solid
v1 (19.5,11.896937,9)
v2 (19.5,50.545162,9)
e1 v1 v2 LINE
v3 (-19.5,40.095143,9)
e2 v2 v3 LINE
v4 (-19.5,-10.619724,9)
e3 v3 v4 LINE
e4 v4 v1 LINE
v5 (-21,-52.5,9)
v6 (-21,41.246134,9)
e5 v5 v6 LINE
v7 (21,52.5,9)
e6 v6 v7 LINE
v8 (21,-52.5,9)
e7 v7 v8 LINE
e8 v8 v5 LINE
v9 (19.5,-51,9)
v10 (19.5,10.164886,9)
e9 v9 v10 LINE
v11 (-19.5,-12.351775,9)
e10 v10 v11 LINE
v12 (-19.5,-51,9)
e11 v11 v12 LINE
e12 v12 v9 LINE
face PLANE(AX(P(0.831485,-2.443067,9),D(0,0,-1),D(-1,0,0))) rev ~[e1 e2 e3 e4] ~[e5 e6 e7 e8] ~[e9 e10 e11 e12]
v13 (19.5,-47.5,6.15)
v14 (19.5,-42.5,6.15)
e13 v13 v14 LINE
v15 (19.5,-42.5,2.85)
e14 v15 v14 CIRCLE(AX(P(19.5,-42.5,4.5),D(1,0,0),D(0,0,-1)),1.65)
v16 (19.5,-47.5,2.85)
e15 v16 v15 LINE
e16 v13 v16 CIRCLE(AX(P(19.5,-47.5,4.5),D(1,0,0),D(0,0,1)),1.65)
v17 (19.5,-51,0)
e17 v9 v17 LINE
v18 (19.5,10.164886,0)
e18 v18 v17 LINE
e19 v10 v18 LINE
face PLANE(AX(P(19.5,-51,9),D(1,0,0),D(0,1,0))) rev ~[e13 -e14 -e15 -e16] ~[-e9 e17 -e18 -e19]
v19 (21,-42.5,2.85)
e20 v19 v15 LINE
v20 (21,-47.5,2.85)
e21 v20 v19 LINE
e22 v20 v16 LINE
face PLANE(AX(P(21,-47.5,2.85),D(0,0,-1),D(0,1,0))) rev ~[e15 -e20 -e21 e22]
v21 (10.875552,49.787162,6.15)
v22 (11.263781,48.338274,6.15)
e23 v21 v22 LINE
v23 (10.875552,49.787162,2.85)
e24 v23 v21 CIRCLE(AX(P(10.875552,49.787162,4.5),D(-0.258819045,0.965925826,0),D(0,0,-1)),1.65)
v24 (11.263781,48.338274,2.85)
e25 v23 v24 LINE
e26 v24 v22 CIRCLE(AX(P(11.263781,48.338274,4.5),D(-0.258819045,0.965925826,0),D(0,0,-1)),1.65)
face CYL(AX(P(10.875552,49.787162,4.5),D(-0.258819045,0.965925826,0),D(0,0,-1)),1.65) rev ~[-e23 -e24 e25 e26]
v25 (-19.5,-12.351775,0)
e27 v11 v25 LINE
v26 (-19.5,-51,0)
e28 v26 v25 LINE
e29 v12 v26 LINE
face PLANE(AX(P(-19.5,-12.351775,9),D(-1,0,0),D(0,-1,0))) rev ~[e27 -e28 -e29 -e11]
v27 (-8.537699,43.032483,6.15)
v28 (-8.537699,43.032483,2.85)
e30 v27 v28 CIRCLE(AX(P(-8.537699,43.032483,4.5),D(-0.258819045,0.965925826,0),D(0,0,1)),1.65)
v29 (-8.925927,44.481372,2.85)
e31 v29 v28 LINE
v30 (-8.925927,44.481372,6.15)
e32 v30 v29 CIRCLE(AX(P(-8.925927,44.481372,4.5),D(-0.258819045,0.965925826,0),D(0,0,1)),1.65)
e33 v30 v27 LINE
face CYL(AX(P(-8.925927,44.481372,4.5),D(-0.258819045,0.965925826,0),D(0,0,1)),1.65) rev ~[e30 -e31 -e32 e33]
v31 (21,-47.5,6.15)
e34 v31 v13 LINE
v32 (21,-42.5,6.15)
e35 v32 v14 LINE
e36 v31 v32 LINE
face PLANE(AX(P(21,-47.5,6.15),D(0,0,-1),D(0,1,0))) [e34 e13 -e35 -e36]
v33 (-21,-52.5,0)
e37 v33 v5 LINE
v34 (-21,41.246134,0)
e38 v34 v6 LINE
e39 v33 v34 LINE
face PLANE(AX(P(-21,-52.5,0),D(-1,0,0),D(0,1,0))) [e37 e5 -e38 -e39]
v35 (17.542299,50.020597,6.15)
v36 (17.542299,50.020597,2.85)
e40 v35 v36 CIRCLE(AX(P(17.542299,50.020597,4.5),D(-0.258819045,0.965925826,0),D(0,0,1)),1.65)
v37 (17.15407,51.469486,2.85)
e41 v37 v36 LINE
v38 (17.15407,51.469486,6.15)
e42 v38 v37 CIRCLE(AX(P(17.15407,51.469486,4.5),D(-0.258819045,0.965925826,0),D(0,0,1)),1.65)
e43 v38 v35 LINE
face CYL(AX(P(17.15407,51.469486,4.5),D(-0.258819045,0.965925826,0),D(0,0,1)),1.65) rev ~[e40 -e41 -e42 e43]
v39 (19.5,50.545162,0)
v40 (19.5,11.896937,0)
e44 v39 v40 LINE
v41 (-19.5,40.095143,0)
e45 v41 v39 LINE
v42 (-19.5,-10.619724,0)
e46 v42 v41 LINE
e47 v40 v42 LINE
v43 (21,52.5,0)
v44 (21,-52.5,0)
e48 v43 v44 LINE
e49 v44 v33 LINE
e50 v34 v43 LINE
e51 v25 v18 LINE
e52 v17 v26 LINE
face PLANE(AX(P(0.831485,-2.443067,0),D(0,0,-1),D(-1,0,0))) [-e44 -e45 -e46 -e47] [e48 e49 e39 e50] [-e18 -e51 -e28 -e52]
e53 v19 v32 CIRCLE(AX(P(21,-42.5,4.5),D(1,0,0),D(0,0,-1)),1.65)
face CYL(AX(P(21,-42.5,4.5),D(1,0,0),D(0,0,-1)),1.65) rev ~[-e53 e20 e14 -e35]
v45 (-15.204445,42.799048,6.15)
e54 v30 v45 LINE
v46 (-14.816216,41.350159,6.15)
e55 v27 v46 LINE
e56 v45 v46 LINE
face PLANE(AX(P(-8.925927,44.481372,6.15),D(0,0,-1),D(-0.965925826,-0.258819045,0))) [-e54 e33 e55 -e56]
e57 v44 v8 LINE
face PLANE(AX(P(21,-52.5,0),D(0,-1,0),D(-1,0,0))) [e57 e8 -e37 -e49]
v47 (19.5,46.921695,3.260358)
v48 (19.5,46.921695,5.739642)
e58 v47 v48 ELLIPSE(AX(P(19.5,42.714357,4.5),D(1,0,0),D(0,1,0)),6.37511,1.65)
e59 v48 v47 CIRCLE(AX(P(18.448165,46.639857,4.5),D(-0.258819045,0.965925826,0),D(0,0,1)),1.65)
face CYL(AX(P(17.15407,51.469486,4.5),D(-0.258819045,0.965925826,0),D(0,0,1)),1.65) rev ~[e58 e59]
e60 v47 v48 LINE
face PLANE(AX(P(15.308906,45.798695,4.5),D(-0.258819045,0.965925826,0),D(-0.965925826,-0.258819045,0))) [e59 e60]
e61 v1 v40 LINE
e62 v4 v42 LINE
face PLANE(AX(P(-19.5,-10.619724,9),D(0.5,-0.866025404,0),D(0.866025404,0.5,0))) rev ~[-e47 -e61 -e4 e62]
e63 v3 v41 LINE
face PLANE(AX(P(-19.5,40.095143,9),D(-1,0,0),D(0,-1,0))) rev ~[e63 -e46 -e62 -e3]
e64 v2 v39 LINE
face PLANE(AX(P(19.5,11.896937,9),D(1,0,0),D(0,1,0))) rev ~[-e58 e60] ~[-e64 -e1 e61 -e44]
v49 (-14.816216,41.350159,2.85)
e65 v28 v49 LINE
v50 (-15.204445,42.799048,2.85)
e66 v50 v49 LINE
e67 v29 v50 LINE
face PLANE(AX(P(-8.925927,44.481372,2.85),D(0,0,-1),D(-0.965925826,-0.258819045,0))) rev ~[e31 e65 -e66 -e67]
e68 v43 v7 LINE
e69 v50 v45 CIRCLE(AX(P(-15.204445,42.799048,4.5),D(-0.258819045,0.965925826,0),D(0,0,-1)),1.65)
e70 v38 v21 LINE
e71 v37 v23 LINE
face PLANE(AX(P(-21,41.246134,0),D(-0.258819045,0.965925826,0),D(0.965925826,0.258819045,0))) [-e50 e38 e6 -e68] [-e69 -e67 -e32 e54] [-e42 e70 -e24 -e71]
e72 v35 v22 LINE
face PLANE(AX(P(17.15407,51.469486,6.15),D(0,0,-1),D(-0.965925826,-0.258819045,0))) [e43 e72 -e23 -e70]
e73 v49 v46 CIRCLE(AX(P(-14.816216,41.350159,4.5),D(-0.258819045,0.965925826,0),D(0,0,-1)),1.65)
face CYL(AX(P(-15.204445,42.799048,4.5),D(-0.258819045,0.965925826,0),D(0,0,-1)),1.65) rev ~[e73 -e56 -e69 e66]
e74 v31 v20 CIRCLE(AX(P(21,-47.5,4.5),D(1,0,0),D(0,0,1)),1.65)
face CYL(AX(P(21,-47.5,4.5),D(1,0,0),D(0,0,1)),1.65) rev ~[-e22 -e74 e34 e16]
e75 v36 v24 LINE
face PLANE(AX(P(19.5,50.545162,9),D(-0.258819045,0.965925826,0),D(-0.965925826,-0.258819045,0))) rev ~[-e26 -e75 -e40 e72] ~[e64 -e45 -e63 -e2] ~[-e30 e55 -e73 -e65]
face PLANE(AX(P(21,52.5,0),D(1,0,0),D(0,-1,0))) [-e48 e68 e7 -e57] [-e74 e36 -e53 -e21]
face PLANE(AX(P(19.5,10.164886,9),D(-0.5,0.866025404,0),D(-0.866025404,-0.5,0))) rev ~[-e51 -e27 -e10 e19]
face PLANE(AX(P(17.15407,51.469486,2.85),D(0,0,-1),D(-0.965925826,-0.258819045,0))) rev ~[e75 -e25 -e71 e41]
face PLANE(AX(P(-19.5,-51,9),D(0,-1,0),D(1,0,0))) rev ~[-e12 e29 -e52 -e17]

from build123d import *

# Parameters (mm, degrees)
PAD_DEPTH       = 9
POCKET_DEPTH    = 10
POCKET001_DEPTH = 5
SKETCH003_R     = 1.6
POCKET002_DEPTH = 5
POCKET003_DEPTH = 2


with BuildPart() as part:
    # Sketch → Pad (new body)
    with BuildSketch(Plane.XY):
        Polygon((-21, 41.246133918), (21, 52.5), (21, -52.5), (-21, -52.5), align=None)
    extrude(amount=PAD_DEPTH)

    # Sketch001 → Pocket (cut)
    with BuildSketch(Plane.XY.offset(9)):
        Polygon((-19.5, 40.095143436), (-19.5, -10.619723875), (19.5, 11.8969366233), (19.5, 50.5451619407), align=None)
        Polygon((-19.5, -12.3517746826), (-19.5, -51), (19.5, -51), (19.5, 10.1648858158), align=None)
    extrude(amount=-POCKET_DEPTH, mode=Mode.SUBTRACT)

    # Sketch002 → Pocket001 (cut)
    with BuildSketch(Plane(origin=(-11.7182667397, 43.7331668494, 0), x_dir=(-0.9659258263, -0.2588190451, 0), z_dir=(-0.2588190451, 0.9659258263, 0))):
        with BuildLine():
            ThreePointArc((-2.8908426427, 6.15), (-4.5408426427, 4.5), (-2.8908426427, 2.85))
            Line((-2.8908426427, 2.85), (3.6091573573, 2.85))
            ThreePointArc((3.6091573573, 2.85), (5.2591573573, 4.5), (3.6091573573, 6.15))
            Line((-2.8908426427, 6.15), (3.6091573573, 6.15))
        make_face()
        with BuildLine():
            ThreePointArc((-29.8908426427, 6.15), (-31.5408426427, 4.5), (-29.8908426427, 2.85))
            Line((-29.8908426427, 2.85), (-23.3908426427, 2.85))
            ThreePointArc((-23.3908426427, 2.85), (-21.7408426427, 4.5), (-23.3908426427, 6.15))
            Line((-29.8908426427, 6.15), (-23.3908426427, 6.15))
        make_face()
    extrude(amount=-POCKET001_DEPTH, mode=Mode.SUBTRACT)

    # Sketch003 → Pocket002 (cut)
    with BuildSketch(Plane.XY.offset(9)):
        with Locations((37, -21.7740142833)):
            Circle(SKETCH003_R)
    extrude(amount=-POCKET002_DEPTH, mode=Mode.SUBTRACT)

    # Sketch004 → Pocket003 (cut)
    with BuildSketch(Plane.YZ.offset(21)):
        with BuildLine():
            ThreePointArc((-47.5, 6.15), (-49.15, 4.5), (-47.5, 2.85))
            Line((-47.5, 2.85), (-42.5, 2.85))
            ThreePointArc((-42.5, 2.85), (-40.85, 4.5), (-42.5, 6.15))
            Line((-47.5, 6.15), (-42.5, 6.15))
        make_face()
    extrude(amount=-POCKET003_DEPTH, mode=Mode.SUBTRACT)


solid = part.part
